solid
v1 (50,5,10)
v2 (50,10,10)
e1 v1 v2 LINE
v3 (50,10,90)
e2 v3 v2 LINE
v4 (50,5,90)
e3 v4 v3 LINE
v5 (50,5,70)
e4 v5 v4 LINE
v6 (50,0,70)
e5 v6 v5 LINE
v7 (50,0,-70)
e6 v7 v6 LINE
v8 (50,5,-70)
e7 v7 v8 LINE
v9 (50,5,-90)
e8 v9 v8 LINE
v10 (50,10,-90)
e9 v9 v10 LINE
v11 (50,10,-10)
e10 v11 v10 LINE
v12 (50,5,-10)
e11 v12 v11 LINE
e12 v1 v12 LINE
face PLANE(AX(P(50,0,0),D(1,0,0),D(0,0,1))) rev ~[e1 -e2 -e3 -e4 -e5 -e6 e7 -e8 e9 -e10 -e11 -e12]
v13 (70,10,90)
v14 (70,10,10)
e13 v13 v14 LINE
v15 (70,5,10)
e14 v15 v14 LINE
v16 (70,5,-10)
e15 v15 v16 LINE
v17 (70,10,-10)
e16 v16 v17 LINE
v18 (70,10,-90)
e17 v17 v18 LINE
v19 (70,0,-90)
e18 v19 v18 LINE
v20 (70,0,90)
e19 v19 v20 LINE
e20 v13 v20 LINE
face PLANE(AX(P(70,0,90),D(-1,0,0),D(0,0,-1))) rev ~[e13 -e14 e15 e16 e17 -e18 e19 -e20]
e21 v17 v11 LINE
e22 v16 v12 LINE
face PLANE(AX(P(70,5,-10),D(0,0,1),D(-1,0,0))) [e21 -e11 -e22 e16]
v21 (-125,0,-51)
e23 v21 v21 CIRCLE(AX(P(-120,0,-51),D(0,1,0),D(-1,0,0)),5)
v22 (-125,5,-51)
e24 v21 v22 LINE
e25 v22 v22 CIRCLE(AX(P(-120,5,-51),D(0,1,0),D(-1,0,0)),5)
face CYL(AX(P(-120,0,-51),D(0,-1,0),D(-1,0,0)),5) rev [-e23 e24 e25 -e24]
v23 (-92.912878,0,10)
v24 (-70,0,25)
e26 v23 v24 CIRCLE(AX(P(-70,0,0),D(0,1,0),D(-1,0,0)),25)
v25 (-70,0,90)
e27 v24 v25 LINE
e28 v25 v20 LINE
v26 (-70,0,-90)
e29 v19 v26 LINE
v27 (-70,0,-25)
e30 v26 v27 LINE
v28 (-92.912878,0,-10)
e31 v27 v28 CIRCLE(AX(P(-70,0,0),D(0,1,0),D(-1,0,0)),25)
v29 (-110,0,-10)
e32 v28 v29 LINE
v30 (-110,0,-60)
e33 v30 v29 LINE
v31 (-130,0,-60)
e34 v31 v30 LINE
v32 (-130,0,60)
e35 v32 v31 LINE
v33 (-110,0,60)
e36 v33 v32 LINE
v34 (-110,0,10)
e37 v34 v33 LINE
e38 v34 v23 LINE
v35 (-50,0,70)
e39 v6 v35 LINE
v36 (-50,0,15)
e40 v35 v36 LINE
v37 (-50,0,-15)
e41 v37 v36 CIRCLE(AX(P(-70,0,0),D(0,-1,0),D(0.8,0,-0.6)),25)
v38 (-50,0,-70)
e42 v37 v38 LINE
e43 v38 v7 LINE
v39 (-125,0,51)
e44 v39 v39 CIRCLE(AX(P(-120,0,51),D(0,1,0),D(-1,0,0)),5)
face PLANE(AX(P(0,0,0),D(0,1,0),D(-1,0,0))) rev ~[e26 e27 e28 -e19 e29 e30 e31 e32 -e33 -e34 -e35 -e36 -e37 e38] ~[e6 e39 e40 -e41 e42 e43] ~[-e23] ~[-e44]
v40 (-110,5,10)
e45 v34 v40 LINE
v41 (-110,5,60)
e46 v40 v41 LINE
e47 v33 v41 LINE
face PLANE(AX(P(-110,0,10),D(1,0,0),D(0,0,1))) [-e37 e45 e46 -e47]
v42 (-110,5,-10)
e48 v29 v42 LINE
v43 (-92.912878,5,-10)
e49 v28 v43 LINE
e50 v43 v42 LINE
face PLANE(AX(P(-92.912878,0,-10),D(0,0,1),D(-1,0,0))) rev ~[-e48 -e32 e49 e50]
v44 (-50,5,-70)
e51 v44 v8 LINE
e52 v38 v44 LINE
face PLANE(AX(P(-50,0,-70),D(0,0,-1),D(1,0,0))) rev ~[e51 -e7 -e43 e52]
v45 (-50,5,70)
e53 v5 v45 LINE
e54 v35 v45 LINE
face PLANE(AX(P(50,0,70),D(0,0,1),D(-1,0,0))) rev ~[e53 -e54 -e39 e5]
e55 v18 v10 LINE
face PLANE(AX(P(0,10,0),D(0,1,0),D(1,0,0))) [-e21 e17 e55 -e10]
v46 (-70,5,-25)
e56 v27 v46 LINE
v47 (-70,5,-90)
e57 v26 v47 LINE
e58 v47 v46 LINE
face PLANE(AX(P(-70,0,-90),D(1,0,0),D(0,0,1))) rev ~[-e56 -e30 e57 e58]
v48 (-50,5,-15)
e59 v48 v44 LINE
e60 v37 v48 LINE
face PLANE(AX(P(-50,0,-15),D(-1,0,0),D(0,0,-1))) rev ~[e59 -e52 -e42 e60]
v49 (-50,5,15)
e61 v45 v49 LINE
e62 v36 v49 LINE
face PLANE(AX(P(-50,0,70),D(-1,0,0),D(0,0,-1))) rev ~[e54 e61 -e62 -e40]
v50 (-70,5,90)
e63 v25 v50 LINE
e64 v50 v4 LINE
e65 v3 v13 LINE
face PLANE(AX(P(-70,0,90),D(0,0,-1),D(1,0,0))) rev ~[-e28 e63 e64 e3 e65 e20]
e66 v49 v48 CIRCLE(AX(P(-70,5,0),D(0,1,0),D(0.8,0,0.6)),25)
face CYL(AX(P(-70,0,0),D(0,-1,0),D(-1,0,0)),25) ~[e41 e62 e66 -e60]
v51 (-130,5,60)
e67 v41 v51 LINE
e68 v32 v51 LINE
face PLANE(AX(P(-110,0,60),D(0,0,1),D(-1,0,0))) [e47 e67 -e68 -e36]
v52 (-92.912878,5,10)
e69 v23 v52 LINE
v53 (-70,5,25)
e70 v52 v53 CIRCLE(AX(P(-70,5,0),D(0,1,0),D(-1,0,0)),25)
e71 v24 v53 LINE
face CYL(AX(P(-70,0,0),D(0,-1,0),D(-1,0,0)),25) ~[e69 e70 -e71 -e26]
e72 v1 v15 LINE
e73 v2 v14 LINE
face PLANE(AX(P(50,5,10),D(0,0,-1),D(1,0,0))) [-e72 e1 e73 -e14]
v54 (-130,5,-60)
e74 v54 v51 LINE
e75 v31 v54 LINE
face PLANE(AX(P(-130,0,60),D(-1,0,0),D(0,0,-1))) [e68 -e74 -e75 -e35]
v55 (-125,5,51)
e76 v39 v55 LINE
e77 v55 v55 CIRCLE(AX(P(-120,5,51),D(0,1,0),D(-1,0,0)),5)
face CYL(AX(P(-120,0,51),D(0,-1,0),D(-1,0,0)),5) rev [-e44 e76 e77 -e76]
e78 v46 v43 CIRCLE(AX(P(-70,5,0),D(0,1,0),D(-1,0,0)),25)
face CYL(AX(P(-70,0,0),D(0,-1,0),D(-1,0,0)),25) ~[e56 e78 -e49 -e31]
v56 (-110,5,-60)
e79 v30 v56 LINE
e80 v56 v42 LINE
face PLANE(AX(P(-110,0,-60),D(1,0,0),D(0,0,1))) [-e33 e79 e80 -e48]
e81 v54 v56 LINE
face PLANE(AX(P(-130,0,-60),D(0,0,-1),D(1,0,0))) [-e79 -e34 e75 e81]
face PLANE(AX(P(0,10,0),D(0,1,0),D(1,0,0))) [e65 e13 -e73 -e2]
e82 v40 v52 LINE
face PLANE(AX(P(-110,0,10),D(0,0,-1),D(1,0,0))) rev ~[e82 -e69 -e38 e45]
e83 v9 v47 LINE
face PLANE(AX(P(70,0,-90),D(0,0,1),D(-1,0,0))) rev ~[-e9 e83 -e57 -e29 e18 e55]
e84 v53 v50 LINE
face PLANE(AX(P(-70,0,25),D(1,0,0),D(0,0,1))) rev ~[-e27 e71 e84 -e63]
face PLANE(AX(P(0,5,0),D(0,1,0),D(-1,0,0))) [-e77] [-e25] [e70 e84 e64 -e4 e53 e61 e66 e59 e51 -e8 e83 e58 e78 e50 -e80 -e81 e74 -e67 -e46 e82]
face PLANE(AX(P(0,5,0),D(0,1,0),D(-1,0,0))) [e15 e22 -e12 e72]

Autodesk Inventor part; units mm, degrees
ref_plane "YZ Plane" through (0, 0, 0) normal (1, 0, 0) x (0, 1, 0)
ref_plane "XZ Plane" through (0, 0, 0) normal (0, 1, 0) x (-1, 0, 0)
ref_plane "XY Plane" through (0, 0, 0) normal (0, 0, 1) x (1, 0, 0)
sketch "Sketch1" plane through (0, 0, 0) normal (0, 1, 0) x (-1, 0, 0)
  line L0 (-50, 70) -> (50, 70)
  line L1 (50, 70) -> (50, -70)
  line L2 (50, -70) -> (-50, -70)
  line L3 (-50, -70) -> (-50, 70)
  line L4 (-50, 70) -> (50, -70) construction
  line L5 (50, 70) -> (-50, -70) construction
  line L6 (70, -90) -> (70, 90)
  line L7 (70, 90) -> (-70, 90)
  line L8 (-70, 90) -> (-70, -90)
  line L9 (-70, -90) -> (70, -90)
  line L10 (110, 10) -> (70, 10)
  line L11 (70, 10) -> (70, -10)
  line L12 (70, -10) -> (110, -10)
  line L13 (110, -10) -> (110, 10)
  line L14 (110, 10) -> (70, -10) construction
  line L15 (70, 10) -> (110, -10) construction
  line L16 (130, -60) -> (110, -60)
  line L17 (110, -60) -> (110, 60)
  line L18 (110, 60) -> (130, 60)
  line L19 (130, 60) -> (130, -60)
  line L20 (130, -60) -> (110, 60) construction
  line L21 (110, -60) -> (130, 60) construction
  line L22 (170, 0) -> (-110, 0) projected
  circle A0 centre (70, 0) radius 25
  circle A1 centre (120, 51) radius 5
  circle A2 centre (120, -51) radius 5
  point P0 (0, 0)
  point P1 (90, 0)
  point P2 (120, 0)
  point P3 (90, 0)
  point P4 (120, 0)
  point P5 (70, 25)
  point P6 (70, -25)
  point P7 (92.9129, -10)
  point P8 (110, -10)
  point P9 (110, 10)
  point P10 (92.9129, 10)
  point P11 (50, -15)
  point P12 (50, 15)
  dimension "d0" = 20
  dimension "d1" = 20
  dimension "d2" = 20
  dimension "d3" = 200
  dimension "d4" = 140
  dimension "d5" = 120
  dimension "d6" = 180
  dimension "d7" = 50
  dimension "d8" = 10
  dimension "d9" = 9
  dimension "d10" = 10
  dimension "d11" = 9
  dimension "d12" = 10
  dimension "d13" = 10
extrude "Extrusion1" add sketch "Sketch1" along normal blind 5 contours L3 L22 L8 L7 L6 A0 L1 L0 | L3 L2 L1 A0 L6 L9 L8 L22 | A0 L6 L22 L1 | L1 L22 A0 | L22 L1 A0 | L22 L6 A0 L1 | A0 L10 L6 | L22 A0 L12 L6 | L6 L10 A0 L22 | L10 L13 L22 A0 | L6 L12 A0 | L22 L13 L12 A0 | L17 L18 L19 L22 L13 | L22 L19 L16 L17 L13
sketch "Sketch2" plane through (0, 5, 0) normal (0, 1, 0) x (1, 0, 0)
  line L0 (-70, -90) -> (70, -90) projected
  line L1 (70, -90) -> (70, 90) projected
  line L2 (70, 90) -> (-70, 90) projected
  line L3 (-70, 90) -> (-70, 25) projected
  arc A0 (-70, 25) -> (-92.9129, 10) centre (-70, 0) ccw projected
  line L4 (-92.9129, 10) -> (-110, 10) projected
  line L5 (-110, 10) -> (-110, 60) projected
  line L6 (-110, 60) -> (-130, 60) projected
  line L7 (-130, 60) -> (-130, -60) projected
  line L8 (-130, -60) -> (-110, -60) projected
  line L9 (-110, -60) -> (-110, -10) projected
  line L10 (-110, -10) -> (-92.9129, -10) projected
  arc A1 (-92.9129, -10) -> (-70, -25) centre (-70, 0) ccw projected
  line L11 (-70, -25) -> (-70, -90) projected
  circle A2 centre (-120, 51) radius 5 projected
  circle A3 centre (-120, -51) radius 5 projected
  arc A4 (-50, -15) -> (-50, 15) centre (-70, 0) ccw projected
  line L12 (-50, 15) -> (-50, 70) projected
  line L13 (-50, 70) -> (50, 70) projected
  line L14 (50, 70) -> (50, -70) projected
  line L15 (50, -70) -> (-50, -70) projected
  line L16 (-50, -70) -> (-50, -15) projected
  line L17 (-70, -90) -> (70, -90) projected
  line L18 (70, -90) -> (50, -90)
  line L19 (50, -90) -> (50, 90)
  line L20 (50, 90) -> (70, 90)
  line L21 (70, 90) -> (70, -90)
  line L22 (50, 70) -> (50, -70) projected
  line L23 (70, -90) -> (70, 90) projected
  line L24 (50, -10) -> (70, -10)
  line L25 (70, -10) -> (70, 10)
  line L26 (70, 10) -> (50, 10)
  line L27 (50, 10) -> (50, -10)
  point P0 (0, 0)
  point P1 (50, 10)
  point P2 (70, 10)
  point P3 (70, -10)
  dimension "d16" = 20
  dimension "d17" = 10
extrude "Extrusion2" add sketch "Sketch2" along normal blind 5 contours L19 L14 L24 L1 L0 | L26 L14 L19 L2 L1
equation "\"d0\" = AnEsl"
equation "\"d1\" = AnEsl"
equation "\"d2\" = AnEsl"
equation "\"d6\" = 1.5 * d5"
equation "\"d7\" = DV"
equation "\"d8\" = 0.5 * d2"
equation "\"d11\" = d9"
equation "\"d12\" = d10"
equation "\"d13\" = d8"
equation "\"d17\" = 0.5 * d16"
equation "\"DV\" = 50"
equation "\"AnEsl\" = 20"
properties part number "BaseGripper"
